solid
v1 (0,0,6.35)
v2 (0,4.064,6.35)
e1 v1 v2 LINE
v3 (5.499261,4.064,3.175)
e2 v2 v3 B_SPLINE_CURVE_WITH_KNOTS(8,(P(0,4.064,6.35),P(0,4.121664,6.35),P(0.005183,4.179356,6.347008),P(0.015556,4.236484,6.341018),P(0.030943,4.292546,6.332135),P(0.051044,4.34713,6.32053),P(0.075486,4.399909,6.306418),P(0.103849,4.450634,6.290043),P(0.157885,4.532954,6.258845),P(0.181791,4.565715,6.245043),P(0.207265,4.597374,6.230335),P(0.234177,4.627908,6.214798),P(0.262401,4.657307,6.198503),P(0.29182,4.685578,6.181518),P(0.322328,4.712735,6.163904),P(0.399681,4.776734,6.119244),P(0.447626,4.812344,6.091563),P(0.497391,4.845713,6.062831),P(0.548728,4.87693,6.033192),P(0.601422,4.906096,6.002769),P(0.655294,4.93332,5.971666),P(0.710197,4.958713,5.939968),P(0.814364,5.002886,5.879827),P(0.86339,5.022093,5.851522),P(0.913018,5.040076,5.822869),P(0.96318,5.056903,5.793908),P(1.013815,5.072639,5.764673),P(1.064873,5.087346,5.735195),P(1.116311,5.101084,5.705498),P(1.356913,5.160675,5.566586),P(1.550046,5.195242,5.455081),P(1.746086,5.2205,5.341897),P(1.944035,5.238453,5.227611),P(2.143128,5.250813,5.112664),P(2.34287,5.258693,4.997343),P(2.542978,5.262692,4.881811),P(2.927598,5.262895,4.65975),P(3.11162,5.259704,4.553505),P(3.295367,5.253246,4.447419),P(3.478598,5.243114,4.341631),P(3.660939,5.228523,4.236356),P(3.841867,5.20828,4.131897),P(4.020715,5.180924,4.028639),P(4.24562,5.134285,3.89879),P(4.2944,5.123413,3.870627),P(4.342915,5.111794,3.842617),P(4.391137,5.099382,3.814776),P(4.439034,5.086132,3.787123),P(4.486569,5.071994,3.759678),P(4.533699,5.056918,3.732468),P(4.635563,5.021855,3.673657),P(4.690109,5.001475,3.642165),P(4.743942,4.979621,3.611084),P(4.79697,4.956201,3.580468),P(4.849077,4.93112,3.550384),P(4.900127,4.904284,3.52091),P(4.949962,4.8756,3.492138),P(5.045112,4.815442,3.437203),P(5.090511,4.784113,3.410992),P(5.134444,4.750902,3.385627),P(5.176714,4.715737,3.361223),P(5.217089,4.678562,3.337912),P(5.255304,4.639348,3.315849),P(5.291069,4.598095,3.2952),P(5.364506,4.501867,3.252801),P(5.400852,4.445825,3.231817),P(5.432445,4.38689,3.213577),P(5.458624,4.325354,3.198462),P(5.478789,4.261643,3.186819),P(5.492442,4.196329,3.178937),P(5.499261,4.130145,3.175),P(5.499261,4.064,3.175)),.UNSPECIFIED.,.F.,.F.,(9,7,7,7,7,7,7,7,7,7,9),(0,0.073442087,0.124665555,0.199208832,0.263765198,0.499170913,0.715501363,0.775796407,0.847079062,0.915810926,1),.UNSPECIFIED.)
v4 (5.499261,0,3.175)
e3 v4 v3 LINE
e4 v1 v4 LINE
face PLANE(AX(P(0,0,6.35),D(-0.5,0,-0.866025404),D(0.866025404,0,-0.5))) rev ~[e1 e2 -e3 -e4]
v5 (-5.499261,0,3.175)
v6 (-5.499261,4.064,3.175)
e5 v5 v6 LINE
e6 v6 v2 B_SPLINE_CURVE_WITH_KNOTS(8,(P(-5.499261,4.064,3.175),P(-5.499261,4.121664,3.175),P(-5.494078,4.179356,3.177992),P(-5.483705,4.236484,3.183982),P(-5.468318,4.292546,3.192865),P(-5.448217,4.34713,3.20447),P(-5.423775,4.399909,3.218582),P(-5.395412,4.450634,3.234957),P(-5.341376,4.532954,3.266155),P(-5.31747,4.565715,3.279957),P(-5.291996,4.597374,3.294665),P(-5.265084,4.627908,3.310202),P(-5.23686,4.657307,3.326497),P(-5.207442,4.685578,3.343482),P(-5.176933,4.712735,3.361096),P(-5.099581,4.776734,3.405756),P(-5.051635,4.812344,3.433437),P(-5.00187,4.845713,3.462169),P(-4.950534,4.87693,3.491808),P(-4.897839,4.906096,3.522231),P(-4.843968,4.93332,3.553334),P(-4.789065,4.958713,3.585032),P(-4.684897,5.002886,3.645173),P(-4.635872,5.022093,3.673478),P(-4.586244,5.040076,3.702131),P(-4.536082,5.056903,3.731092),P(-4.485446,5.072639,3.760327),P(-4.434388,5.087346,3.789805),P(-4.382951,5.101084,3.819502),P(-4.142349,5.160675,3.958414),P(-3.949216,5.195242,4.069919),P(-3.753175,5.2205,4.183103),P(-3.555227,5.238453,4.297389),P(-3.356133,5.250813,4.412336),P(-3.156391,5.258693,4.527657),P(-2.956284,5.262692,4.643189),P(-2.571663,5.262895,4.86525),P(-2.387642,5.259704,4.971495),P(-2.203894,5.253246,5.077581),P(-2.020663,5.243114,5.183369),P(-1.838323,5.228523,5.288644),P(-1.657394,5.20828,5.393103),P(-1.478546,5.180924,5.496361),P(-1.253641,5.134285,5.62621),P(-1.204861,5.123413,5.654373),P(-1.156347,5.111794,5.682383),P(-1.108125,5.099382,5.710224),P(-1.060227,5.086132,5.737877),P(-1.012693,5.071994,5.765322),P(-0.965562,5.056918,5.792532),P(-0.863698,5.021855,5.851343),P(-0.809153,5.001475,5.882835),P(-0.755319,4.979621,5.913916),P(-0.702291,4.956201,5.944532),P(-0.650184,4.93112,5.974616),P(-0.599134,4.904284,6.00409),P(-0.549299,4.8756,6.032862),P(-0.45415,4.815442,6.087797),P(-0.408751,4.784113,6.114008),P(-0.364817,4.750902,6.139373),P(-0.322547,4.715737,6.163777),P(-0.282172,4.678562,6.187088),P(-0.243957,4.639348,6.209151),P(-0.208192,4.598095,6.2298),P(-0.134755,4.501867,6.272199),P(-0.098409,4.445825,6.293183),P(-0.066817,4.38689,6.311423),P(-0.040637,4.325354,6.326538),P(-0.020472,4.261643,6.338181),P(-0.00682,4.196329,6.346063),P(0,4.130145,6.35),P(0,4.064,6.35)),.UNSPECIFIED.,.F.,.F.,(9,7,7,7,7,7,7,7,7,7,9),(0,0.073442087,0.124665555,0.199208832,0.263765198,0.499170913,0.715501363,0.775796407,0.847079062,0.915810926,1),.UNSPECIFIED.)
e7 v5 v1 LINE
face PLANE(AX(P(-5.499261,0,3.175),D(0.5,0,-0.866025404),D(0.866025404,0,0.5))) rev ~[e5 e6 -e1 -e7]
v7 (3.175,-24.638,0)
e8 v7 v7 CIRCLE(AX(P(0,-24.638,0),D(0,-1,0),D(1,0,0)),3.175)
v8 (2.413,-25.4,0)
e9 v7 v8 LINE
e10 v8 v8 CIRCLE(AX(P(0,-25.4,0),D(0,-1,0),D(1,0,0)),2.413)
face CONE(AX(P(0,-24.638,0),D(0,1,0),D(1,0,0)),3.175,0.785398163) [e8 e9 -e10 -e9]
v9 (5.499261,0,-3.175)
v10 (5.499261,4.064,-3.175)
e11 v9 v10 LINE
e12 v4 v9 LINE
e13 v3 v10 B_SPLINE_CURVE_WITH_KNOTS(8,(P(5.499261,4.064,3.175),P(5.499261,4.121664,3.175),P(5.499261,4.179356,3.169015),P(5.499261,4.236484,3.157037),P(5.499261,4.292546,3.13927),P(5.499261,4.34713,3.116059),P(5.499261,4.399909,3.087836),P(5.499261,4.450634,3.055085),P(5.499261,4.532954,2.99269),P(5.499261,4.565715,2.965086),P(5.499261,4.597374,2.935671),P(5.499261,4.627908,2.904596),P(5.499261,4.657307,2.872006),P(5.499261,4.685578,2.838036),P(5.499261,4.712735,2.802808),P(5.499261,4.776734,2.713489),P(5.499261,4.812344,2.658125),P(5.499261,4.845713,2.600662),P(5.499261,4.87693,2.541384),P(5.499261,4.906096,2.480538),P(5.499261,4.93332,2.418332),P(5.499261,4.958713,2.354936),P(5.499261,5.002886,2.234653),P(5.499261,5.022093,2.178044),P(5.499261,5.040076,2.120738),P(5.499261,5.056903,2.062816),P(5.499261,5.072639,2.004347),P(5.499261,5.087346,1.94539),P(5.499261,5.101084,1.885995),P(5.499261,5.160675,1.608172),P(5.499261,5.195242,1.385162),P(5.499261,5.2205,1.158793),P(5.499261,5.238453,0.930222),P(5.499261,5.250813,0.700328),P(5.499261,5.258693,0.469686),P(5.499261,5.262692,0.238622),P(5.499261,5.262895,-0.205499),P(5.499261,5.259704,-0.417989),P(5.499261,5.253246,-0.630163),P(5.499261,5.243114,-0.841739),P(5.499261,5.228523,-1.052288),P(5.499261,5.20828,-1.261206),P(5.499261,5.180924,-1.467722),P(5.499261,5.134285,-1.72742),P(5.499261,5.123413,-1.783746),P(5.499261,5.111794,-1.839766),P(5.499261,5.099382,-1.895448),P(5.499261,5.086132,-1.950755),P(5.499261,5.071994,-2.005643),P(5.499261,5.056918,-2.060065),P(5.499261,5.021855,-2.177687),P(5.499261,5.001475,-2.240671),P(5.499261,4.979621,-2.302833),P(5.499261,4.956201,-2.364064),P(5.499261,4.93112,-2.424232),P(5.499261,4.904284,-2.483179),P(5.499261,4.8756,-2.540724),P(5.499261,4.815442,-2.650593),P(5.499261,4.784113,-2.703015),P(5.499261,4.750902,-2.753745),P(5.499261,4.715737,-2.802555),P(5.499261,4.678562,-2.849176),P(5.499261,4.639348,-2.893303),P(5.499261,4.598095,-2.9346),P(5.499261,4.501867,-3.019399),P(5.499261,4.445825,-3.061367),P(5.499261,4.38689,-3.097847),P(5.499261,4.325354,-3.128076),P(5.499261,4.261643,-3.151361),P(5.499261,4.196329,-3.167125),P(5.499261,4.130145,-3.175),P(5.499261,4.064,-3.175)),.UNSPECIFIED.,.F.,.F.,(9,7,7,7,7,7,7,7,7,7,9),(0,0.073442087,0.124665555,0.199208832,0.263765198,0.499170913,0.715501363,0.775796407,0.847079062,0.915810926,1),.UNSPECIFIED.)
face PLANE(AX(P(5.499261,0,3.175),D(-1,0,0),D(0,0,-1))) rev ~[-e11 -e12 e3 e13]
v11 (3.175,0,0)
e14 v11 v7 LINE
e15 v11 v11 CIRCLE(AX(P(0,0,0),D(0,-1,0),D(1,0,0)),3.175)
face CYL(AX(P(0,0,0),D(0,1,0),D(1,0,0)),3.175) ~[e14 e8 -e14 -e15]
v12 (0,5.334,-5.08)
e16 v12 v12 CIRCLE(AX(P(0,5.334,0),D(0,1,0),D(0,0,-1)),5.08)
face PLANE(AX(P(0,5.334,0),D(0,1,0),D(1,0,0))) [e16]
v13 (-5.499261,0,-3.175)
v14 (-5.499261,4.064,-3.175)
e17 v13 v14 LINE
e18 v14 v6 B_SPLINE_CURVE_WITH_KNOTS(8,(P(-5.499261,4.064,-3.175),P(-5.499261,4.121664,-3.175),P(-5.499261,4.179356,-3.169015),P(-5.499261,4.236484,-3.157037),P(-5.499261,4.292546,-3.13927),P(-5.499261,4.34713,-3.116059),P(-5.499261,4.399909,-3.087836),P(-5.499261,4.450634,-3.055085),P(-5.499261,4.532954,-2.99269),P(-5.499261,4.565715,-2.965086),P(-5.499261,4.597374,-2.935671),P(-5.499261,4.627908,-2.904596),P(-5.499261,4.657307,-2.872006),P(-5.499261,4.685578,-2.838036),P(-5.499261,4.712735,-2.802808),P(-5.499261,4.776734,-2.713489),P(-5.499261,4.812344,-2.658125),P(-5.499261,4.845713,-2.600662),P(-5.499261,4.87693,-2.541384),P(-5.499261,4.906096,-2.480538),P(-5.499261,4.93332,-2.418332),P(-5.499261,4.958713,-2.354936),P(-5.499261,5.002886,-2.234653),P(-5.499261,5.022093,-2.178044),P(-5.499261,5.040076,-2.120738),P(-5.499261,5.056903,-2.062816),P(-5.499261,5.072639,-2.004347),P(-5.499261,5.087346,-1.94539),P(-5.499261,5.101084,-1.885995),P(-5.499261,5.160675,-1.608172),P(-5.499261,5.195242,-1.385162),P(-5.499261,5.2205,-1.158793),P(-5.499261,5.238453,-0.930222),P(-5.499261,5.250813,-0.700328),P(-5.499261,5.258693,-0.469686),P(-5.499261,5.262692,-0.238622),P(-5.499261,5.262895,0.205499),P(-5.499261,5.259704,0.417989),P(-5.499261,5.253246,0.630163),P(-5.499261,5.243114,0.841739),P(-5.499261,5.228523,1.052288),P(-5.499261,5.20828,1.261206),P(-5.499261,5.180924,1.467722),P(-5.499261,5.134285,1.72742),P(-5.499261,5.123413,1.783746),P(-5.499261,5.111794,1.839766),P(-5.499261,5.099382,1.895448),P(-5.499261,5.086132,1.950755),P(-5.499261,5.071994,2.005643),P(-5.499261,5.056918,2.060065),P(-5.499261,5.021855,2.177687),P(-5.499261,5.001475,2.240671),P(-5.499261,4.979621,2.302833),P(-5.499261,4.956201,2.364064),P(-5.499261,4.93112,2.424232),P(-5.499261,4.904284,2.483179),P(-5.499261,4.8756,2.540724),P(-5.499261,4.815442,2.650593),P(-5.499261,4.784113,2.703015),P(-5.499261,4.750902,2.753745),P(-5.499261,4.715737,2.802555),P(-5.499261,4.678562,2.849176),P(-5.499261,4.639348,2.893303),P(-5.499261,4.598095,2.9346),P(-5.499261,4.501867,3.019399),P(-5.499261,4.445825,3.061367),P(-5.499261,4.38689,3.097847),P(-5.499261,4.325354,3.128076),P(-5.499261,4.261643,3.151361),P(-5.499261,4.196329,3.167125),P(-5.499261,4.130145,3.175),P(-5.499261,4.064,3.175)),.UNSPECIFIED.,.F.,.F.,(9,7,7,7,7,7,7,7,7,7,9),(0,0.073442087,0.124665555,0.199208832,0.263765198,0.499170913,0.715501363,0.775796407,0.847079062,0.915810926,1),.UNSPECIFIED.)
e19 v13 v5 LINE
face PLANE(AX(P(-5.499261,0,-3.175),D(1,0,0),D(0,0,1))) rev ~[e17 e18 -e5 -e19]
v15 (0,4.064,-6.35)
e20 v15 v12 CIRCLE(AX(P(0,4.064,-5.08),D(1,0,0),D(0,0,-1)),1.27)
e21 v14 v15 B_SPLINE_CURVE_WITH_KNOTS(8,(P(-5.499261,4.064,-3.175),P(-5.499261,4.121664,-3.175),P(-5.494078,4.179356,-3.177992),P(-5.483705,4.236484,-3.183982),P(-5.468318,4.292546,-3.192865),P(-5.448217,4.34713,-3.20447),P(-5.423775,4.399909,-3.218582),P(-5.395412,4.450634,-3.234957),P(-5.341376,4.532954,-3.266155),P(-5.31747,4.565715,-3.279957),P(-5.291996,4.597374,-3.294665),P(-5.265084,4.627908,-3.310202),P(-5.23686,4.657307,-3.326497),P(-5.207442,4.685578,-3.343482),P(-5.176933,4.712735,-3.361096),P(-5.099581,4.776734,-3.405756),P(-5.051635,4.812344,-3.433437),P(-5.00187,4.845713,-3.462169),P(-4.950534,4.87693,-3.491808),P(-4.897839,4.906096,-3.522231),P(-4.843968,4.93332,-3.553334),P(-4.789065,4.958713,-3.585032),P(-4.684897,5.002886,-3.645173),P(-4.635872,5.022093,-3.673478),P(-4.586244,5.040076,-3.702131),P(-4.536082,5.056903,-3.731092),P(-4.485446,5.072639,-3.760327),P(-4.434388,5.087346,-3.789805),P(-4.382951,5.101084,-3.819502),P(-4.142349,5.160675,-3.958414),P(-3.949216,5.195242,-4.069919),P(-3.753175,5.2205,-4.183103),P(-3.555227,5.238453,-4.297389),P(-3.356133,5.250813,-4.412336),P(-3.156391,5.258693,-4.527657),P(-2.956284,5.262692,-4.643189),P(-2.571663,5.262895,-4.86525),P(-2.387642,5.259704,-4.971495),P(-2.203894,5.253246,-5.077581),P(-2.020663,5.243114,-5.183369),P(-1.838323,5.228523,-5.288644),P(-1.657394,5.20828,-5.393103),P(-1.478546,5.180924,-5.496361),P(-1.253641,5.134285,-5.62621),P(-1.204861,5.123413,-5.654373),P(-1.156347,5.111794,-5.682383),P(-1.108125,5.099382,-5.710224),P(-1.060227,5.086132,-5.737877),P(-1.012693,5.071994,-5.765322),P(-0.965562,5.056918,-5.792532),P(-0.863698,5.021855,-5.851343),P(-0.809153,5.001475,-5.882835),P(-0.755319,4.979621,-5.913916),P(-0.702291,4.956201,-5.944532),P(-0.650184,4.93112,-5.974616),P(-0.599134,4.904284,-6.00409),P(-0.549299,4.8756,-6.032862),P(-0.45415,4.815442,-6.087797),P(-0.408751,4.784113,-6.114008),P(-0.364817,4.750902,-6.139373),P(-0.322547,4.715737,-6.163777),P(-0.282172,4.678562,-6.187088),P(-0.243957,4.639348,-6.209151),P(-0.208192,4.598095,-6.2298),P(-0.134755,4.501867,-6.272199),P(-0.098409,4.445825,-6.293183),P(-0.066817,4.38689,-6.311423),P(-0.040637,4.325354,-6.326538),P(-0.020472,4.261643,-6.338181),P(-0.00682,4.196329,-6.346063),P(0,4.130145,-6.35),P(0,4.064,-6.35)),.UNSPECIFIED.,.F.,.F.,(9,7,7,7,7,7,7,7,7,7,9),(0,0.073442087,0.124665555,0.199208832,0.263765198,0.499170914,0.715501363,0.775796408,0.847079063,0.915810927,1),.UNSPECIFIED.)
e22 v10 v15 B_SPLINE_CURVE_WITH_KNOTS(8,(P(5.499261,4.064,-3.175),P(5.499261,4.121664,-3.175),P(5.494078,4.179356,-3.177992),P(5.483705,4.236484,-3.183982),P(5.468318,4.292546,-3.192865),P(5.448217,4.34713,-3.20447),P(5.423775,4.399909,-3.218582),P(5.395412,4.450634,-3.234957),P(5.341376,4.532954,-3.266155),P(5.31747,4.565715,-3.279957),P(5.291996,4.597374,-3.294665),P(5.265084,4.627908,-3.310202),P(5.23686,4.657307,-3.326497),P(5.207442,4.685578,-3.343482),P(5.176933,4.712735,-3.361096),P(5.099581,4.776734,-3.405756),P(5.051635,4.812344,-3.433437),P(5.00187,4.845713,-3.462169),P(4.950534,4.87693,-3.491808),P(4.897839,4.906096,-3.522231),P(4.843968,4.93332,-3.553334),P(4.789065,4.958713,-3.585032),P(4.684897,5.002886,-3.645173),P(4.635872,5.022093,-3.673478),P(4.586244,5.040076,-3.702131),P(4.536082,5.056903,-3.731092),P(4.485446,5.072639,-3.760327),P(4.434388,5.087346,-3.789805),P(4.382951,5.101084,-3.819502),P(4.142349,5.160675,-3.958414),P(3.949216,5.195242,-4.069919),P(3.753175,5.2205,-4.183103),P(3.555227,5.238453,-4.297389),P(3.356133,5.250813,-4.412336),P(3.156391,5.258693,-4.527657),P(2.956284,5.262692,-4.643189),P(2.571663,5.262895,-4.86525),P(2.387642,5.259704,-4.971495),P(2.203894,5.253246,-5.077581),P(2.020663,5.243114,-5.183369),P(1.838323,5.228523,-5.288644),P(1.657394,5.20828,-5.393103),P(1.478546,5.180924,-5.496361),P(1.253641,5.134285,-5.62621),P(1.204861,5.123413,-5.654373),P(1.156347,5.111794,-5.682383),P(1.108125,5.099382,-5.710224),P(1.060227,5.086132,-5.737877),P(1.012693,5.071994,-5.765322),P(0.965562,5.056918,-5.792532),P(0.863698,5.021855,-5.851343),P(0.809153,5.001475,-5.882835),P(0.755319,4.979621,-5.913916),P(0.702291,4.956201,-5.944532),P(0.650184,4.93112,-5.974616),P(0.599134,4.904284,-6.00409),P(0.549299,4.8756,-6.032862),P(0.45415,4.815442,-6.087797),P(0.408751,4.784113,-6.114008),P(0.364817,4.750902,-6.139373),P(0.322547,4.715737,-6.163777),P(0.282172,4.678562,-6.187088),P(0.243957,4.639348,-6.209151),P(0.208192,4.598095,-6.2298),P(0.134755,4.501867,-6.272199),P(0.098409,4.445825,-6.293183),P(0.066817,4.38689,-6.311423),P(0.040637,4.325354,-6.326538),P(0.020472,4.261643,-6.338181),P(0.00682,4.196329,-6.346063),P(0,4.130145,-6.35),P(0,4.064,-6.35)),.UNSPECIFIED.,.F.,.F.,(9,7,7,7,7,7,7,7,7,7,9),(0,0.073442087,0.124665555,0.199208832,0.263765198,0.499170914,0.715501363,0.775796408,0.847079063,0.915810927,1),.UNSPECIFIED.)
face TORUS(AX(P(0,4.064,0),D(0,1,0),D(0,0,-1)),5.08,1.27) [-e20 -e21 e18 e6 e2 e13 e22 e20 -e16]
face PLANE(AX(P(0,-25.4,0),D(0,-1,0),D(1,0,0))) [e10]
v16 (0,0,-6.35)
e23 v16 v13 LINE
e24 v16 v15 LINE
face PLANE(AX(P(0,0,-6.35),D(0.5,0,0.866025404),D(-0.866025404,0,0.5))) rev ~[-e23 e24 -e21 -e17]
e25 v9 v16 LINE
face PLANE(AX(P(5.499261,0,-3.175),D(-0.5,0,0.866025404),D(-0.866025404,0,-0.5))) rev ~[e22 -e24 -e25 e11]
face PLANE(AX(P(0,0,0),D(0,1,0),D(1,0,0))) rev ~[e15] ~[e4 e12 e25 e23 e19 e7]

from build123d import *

# Parameters (mm, degrees)
EXTRUDE1_DEPTH = 5.334
SKETCH3_R      = 3.175
EXTRUDE2_DEPTH = 25.4
CHAMFER1_SIZE  = 0.762


with BuildPart() as part:
    # Sketch1 → Extrude1 (new body)
    with BuildSketch(Plane(origin=(0, 0, 0), x_dir=(1, 0, 0), z_dir=(0, 1, 0))):
        Polygon((0, 6.35), (-5.499261314, 3.175), (-5.499261314, -3.175), (0, -6.35), (5.499261314, -3.175), (5.499261314, 3.175), align=None)
    extrude(amount=EXTRUDE1_DEPTH)

    # Sketch3 → Extrude2 (add)
    with BuildSketch(Plane.XZ):
        Circle(SKETCH3_R)
    extrude(amount=EXTRUDE2_DEPTH)

    # Sketch2 → Cut-Revolve1 (revolve, cut)
    with BuildSketch(Plane(origin=(0, 0, 0), x_dir=(0, 0, -1), z_dir=(1, 0, 0))):
        with BuildLine():
            Line((5.08, 5.334), (6.35, 5.334))
            Line((6.35, 5.334), (6.35, 4.064))
            ThreePointArc((6.35, 4.064), (5.978025612, 4.962025612), (5.08, 5.334))
        make_face()
    revolve(axis=Axis((0, -25.4, 0), (0, 1, 0)), mode=Mode.SUBTRACT)

    # Chamfer1
    chamfer1_edges = [part.edges().sort_by_distance(p)[0] for p in [
        (-3.175, -25.4, 0),
    ]]
    chamfer(chamfer1_edges, length=CHAMFER1_SIZE)


solid = part.part
